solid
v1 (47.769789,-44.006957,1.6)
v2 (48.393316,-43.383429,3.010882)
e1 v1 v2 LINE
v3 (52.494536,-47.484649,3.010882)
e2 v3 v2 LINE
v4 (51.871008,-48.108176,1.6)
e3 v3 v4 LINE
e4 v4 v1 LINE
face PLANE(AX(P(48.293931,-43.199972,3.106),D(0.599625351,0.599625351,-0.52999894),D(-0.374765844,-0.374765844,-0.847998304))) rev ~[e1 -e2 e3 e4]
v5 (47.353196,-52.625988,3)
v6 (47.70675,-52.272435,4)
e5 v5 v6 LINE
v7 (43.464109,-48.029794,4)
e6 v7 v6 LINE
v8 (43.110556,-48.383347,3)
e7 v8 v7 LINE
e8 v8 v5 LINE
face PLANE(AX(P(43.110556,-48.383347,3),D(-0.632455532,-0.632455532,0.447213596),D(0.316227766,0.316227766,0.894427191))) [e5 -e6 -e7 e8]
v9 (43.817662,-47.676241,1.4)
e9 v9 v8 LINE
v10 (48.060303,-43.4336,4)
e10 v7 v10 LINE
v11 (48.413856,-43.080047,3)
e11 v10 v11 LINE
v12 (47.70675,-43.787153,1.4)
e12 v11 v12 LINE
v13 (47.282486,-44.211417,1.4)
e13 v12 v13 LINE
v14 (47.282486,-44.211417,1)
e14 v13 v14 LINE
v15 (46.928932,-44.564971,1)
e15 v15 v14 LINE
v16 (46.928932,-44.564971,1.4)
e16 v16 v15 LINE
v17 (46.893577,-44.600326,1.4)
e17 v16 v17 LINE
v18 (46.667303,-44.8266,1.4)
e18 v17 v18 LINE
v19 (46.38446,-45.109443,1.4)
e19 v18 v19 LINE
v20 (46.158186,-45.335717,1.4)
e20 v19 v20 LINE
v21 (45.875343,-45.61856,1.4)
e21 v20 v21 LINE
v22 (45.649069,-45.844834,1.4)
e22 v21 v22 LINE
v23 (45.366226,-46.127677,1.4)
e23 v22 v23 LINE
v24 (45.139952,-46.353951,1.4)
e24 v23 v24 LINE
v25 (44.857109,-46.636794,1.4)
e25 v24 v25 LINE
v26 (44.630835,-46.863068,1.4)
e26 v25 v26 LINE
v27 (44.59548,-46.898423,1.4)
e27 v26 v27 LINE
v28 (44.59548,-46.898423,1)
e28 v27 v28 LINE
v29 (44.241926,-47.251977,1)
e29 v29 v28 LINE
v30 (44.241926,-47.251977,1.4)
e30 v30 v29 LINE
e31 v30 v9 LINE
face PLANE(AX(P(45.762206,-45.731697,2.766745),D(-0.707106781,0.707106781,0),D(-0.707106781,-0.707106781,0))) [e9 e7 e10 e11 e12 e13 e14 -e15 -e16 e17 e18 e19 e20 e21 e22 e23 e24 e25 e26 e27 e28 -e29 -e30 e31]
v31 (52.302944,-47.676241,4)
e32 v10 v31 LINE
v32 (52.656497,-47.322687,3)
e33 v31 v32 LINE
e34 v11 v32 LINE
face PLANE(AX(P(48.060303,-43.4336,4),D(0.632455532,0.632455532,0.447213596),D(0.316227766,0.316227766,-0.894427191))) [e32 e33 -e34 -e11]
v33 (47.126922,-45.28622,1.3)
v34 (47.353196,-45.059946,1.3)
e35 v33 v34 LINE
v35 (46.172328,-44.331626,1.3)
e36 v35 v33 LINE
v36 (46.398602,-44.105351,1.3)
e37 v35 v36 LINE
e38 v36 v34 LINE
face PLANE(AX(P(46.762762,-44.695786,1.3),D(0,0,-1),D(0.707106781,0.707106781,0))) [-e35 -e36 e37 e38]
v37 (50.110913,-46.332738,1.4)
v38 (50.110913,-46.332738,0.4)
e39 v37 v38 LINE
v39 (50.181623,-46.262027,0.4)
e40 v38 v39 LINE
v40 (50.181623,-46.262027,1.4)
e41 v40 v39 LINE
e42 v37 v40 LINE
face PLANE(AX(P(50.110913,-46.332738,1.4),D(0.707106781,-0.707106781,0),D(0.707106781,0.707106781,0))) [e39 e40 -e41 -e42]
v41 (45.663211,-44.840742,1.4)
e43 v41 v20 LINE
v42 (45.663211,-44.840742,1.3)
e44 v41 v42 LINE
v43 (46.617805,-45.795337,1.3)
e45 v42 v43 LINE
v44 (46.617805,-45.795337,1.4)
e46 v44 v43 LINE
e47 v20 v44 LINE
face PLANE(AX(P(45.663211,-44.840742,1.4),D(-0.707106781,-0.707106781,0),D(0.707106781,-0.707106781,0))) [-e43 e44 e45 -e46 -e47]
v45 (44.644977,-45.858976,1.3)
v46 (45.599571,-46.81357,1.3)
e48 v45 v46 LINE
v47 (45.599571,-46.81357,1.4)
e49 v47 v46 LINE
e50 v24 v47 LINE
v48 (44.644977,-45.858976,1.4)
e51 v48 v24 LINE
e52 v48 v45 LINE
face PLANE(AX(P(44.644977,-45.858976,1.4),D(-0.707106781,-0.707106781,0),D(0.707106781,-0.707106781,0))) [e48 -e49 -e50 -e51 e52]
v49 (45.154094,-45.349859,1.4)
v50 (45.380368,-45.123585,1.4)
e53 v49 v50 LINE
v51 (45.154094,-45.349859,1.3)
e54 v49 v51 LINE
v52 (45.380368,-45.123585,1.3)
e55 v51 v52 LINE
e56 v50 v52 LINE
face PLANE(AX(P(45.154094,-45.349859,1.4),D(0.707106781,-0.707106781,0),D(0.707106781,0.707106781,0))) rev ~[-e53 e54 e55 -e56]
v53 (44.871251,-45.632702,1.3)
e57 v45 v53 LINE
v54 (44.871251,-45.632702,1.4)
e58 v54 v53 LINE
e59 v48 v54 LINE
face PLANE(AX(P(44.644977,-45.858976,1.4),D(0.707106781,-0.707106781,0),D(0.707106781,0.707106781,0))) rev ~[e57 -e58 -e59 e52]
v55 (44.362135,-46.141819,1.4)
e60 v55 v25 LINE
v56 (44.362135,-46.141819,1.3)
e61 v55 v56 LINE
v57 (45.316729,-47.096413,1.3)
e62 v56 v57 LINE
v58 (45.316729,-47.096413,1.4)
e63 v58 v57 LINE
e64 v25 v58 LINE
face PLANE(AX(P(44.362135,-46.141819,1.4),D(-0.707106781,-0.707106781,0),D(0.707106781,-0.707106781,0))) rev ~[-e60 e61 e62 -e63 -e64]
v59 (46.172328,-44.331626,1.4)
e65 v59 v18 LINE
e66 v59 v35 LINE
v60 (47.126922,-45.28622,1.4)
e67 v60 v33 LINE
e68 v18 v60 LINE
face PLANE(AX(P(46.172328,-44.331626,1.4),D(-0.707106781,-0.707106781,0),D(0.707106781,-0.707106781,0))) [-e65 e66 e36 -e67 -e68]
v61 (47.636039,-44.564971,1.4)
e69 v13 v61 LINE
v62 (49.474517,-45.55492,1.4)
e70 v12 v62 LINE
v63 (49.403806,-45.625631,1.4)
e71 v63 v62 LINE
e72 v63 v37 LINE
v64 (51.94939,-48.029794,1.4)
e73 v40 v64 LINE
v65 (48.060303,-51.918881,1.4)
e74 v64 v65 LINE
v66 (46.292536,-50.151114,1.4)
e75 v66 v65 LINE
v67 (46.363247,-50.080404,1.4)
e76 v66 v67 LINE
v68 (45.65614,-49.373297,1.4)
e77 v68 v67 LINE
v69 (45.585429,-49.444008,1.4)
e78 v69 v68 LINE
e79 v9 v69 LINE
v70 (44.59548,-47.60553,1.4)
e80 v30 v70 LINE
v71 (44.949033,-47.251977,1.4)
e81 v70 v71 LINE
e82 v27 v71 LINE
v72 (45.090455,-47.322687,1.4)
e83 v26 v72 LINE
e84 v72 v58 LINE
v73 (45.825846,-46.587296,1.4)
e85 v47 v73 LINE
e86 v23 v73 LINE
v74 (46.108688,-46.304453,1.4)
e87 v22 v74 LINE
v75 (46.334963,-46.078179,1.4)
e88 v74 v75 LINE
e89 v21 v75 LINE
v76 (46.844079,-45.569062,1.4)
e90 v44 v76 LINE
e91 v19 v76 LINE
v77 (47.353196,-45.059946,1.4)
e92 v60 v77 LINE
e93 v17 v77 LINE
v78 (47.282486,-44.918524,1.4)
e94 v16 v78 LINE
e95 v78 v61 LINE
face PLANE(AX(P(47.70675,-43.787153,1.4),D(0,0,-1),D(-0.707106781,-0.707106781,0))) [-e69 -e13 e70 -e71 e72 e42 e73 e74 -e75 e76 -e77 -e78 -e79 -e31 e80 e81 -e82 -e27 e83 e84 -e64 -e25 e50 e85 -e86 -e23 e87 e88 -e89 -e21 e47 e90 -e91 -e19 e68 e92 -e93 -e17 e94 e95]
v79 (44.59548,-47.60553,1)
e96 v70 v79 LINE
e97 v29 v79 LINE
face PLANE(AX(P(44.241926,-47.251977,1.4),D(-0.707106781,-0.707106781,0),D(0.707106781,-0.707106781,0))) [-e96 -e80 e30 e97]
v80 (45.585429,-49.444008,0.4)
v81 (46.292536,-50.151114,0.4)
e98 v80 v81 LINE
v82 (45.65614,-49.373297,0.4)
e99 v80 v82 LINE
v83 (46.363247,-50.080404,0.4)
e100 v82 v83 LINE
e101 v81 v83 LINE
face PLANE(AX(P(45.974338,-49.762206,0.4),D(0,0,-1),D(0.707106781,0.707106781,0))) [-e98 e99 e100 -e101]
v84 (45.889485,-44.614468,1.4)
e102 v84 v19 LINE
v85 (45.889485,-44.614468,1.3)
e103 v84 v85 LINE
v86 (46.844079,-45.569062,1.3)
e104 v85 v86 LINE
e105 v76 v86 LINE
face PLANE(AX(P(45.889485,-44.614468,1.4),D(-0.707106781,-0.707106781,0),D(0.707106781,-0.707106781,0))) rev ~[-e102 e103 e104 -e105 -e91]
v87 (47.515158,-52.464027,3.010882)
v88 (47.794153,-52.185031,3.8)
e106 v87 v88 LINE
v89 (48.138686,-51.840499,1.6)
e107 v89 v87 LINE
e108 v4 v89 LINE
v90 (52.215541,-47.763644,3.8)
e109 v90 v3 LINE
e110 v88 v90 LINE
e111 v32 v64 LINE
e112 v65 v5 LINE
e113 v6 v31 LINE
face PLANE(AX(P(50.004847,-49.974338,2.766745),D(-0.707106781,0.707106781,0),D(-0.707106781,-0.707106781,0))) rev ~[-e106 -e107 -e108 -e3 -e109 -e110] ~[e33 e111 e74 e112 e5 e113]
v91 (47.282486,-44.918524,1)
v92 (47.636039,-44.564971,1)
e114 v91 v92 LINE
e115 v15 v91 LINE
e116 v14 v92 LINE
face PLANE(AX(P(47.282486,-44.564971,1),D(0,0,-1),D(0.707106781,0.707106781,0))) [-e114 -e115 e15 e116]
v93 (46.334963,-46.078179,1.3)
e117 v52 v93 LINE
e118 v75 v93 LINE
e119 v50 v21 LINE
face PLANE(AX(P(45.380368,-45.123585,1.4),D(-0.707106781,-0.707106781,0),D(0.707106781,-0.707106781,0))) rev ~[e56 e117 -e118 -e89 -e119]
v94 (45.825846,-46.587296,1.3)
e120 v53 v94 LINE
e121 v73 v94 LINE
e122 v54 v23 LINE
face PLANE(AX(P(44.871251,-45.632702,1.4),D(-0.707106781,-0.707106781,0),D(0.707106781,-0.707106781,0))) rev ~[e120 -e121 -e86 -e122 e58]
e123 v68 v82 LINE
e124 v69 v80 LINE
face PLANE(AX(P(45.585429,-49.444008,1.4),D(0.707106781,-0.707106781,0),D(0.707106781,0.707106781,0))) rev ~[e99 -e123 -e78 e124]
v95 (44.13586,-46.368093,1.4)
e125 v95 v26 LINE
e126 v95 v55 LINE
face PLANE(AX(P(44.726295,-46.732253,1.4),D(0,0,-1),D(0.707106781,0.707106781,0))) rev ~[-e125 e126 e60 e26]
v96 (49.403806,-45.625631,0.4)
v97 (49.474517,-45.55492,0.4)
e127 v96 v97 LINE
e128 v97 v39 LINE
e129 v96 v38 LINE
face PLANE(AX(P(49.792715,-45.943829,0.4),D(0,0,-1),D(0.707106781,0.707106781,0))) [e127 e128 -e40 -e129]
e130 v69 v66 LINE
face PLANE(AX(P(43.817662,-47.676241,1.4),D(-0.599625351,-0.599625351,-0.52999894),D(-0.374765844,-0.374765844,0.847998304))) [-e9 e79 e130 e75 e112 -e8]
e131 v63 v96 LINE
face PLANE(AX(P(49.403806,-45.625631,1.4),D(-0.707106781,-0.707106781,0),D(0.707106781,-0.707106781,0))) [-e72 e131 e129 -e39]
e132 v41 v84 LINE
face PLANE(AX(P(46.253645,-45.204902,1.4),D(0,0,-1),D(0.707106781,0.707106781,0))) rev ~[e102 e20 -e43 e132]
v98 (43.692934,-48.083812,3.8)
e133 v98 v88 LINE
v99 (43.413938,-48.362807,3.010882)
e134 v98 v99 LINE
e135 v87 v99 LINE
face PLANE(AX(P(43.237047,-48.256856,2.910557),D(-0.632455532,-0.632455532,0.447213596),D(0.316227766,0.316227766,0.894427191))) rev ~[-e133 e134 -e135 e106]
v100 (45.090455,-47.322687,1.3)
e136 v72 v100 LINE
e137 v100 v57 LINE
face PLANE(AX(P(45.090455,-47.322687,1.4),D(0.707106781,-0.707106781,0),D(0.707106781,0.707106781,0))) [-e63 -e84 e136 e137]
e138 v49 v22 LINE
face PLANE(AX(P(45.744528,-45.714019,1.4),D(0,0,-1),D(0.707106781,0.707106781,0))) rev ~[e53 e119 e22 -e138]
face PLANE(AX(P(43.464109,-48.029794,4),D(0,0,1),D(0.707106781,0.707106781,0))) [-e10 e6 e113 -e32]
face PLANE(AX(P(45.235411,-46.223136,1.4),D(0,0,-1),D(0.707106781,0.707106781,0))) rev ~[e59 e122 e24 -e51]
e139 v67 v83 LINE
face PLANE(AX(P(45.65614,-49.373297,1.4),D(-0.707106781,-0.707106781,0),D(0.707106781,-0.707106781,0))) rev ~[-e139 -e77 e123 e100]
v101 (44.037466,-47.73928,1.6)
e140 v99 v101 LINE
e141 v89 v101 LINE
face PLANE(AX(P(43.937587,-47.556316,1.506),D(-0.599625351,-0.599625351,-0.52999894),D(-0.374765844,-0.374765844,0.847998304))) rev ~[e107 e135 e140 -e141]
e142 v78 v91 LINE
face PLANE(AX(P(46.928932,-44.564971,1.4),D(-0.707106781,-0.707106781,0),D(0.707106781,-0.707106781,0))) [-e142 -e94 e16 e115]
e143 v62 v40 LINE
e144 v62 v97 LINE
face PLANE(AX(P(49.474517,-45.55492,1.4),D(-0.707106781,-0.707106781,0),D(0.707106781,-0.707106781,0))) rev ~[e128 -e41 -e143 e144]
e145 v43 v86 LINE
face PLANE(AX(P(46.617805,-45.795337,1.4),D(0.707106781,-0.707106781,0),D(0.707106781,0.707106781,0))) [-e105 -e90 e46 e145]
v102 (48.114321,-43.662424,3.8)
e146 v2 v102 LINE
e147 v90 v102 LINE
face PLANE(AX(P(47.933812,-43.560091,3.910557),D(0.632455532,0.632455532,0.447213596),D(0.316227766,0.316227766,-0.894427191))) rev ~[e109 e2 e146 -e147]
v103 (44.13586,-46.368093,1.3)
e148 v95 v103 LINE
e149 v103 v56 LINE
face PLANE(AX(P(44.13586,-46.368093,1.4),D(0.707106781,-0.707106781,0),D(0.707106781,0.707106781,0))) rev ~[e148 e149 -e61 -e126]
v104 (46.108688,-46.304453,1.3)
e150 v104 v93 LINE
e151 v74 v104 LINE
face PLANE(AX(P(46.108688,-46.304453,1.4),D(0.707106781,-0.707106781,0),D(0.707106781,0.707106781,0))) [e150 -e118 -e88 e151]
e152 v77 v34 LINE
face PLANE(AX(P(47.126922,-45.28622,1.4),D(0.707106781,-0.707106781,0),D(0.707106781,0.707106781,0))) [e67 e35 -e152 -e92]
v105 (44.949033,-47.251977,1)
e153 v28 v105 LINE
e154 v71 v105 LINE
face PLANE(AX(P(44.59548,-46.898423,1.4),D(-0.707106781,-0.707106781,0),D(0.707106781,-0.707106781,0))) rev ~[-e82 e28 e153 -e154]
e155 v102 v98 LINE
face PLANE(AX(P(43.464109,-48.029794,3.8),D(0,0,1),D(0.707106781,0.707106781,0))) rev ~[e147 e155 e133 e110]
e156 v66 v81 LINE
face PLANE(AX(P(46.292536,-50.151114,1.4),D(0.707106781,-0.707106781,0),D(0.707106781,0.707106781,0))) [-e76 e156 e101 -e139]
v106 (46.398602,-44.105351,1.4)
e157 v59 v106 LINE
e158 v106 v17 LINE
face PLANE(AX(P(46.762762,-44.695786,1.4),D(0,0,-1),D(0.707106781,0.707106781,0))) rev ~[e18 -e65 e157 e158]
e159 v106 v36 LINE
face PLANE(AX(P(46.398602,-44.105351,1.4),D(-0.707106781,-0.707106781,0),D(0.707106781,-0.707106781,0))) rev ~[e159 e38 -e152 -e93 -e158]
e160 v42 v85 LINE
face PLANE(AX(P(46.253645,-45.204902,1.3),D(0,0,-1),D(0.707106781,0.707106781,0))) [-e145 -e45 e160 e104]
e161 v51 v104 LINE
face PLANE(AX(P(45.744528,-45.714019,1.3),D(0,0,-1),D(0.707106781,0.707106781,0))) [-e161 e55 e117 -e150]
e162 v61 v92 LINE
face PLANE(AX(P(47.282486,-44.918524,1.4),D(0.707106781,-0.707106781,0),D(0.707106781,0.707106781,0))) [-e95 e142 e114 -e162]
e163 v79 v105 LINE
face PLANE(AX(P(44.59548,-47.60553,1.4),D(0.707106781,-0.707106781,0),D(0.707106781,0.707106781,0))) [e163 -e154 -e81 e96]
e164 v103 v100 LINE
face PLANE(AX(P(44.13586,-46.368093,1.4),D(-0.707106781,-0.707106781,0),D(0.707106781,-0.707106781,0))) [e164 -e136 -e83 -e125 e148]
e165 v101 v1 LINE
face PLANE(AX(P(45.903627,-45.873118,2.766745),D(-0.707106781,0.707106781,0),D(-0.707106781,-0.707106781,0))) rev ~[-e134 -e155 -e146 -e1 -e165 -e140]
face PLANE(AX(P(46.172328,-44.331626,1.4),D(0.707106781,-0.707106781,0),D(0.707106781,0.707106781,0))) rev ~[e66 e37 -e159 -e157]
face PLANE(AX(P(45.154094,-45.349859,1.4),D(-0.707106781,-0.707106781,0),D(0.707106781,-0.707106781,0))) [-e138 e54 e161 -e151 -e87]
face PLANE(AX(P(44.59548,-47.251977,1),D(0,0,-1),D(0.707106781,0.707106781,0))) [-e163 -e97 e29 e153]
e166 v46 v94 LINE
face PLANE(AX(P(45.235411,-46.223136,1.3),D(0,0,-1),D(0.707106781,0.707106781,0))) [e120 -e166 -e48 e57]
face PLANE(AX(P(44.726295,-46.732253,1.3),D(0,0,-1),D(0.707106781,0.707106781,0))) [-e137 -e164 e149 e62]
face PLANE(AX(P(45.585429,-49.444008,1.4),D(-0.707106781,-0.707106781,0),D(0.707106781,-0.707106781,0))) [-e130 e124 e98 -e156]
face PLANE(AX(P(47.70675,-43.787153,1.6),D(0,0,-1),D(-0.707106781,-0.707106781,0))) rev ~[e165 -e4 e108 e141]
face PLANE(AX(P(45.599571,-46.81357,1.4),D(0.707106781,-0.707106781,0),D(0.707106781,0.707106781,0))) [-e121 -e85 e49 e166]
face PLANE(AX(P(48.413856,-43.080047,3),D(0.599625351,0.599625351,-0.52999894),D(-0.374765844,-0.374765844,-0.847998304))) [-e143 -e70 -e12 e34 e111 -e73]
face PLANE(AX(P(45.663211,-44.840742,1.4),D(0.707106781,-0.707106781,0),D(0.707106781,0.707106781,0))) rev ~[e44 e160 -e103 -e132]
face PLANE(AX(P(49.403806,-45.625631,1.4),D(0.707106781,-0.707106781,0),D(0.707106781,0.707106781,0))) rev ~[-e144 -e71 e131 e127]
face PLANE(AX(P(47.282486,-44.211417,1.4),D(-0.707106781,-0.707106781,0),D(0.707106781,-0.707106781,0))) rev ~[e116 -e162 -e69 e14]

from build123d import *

# Parameters (mm, degrees)
PAD020_DEPTH            = 6
THICKNESS_T             = -0.2
SKETCH043_W             = 0.1
SKETCH043_H             = 1
PAD001_DEPTH            = 1
SKETCH044_W             = 0.5
SKETCH044_H             = 0.5
PAD002_DEPTH            = 0.4
SKETCH003_W             = 0.32
SKETCH003_H             = 1.35
PAD003_DEPTH            = 0.1
BODY001_ROLL_ANGLE      = 90
BODY001_PLACEMENT_ANGLE = 45


with BuildPart() as part:
    # Sketch042 → Pad020 (new body)
    with BuildSketch(Plane.XY):
        Polygon((0, 0), (6.5, 0), (7, -1), (6, -2.6), (0.5, -2.6), (-0.5, -1), align=None)
    extrude(amount=PAD020_DEPTH)

    # Thickness
    thickness_openings = [part.faces().sort_by_distance(p)[0] for p in [
        (3.25, -1.25728, 6),
    ]]
    offset(amount=THICKNESS_T, openings=thickness_openings)

    # Sketch043 (on Face5 of Thickness) → Pad001 (join)
    with BuildSketch(Plane.XZ.offset(2.6)):
        with Locations((5.95, 3)):
            Rectangle(SKETCH043_W, SKETCH043_H)
        with Locations((0.55, 3)):
            Rectangle(SKETCH043_W, SKETCH043_H)
    extrude(amount=PAD001_DEPTH)

    # Sketch044 (on Face7 of Pad001) → Pad002 (join)
    with BuildSketch(Plane.XZ.offset(2.6)):
        with Locations((1.35, 0.25)):
            Rectangle(SKETCH044_W, SKETCH044_H)
        with Locations((5.15, 0.25)):
            Rectangle(SKETCH044_W, SKETCH044_H)
    extrude(amount=PAD002_DEPTH)

    # Sketch003 (on Face7 of Pad002) → Pad003 (join)
    with BuildSketch(Plane.XZ.offset(2.6)):
        with Locations((1.81, -0.025)):
            Rectangle(SKETCH003_W, SKETCH003_H)
        with Locations((2.53, -0.025)):
            Rectangle(SKETCH003_W, SKETCH003_H)
        with Locations((3.25, -0.025)):
            Rectangle(SKETCH003_W, SKETCH003_H)
        with Locations((3.97, -0.025)):
            Rectangle(SKETCH003_W, SKETCH003_H)
        with Locations((4.69, -0.025)):
            Rectangle(SKETCH003_W, SKETCH003_H)
    extrude(amount=PAD003_DEPTH)


with BuildPart() as part_1:
    # Body001 roll: moved
    add(part.part.rotate(Axis((0, 0, 0), (1, 0, 0)), BODY001_ROLL_ANGLE))


with BuildPart() as part_2:
    # Body001 placement: moved
    add(part_1.part.moved(Location((43.464109, -48.029794, 4))).rotate(Axis((43.464109, -48.029794, 4), (0, 0, 1)), BODY001_PLACEMENT_ANGLE))


solid = part_2.part
